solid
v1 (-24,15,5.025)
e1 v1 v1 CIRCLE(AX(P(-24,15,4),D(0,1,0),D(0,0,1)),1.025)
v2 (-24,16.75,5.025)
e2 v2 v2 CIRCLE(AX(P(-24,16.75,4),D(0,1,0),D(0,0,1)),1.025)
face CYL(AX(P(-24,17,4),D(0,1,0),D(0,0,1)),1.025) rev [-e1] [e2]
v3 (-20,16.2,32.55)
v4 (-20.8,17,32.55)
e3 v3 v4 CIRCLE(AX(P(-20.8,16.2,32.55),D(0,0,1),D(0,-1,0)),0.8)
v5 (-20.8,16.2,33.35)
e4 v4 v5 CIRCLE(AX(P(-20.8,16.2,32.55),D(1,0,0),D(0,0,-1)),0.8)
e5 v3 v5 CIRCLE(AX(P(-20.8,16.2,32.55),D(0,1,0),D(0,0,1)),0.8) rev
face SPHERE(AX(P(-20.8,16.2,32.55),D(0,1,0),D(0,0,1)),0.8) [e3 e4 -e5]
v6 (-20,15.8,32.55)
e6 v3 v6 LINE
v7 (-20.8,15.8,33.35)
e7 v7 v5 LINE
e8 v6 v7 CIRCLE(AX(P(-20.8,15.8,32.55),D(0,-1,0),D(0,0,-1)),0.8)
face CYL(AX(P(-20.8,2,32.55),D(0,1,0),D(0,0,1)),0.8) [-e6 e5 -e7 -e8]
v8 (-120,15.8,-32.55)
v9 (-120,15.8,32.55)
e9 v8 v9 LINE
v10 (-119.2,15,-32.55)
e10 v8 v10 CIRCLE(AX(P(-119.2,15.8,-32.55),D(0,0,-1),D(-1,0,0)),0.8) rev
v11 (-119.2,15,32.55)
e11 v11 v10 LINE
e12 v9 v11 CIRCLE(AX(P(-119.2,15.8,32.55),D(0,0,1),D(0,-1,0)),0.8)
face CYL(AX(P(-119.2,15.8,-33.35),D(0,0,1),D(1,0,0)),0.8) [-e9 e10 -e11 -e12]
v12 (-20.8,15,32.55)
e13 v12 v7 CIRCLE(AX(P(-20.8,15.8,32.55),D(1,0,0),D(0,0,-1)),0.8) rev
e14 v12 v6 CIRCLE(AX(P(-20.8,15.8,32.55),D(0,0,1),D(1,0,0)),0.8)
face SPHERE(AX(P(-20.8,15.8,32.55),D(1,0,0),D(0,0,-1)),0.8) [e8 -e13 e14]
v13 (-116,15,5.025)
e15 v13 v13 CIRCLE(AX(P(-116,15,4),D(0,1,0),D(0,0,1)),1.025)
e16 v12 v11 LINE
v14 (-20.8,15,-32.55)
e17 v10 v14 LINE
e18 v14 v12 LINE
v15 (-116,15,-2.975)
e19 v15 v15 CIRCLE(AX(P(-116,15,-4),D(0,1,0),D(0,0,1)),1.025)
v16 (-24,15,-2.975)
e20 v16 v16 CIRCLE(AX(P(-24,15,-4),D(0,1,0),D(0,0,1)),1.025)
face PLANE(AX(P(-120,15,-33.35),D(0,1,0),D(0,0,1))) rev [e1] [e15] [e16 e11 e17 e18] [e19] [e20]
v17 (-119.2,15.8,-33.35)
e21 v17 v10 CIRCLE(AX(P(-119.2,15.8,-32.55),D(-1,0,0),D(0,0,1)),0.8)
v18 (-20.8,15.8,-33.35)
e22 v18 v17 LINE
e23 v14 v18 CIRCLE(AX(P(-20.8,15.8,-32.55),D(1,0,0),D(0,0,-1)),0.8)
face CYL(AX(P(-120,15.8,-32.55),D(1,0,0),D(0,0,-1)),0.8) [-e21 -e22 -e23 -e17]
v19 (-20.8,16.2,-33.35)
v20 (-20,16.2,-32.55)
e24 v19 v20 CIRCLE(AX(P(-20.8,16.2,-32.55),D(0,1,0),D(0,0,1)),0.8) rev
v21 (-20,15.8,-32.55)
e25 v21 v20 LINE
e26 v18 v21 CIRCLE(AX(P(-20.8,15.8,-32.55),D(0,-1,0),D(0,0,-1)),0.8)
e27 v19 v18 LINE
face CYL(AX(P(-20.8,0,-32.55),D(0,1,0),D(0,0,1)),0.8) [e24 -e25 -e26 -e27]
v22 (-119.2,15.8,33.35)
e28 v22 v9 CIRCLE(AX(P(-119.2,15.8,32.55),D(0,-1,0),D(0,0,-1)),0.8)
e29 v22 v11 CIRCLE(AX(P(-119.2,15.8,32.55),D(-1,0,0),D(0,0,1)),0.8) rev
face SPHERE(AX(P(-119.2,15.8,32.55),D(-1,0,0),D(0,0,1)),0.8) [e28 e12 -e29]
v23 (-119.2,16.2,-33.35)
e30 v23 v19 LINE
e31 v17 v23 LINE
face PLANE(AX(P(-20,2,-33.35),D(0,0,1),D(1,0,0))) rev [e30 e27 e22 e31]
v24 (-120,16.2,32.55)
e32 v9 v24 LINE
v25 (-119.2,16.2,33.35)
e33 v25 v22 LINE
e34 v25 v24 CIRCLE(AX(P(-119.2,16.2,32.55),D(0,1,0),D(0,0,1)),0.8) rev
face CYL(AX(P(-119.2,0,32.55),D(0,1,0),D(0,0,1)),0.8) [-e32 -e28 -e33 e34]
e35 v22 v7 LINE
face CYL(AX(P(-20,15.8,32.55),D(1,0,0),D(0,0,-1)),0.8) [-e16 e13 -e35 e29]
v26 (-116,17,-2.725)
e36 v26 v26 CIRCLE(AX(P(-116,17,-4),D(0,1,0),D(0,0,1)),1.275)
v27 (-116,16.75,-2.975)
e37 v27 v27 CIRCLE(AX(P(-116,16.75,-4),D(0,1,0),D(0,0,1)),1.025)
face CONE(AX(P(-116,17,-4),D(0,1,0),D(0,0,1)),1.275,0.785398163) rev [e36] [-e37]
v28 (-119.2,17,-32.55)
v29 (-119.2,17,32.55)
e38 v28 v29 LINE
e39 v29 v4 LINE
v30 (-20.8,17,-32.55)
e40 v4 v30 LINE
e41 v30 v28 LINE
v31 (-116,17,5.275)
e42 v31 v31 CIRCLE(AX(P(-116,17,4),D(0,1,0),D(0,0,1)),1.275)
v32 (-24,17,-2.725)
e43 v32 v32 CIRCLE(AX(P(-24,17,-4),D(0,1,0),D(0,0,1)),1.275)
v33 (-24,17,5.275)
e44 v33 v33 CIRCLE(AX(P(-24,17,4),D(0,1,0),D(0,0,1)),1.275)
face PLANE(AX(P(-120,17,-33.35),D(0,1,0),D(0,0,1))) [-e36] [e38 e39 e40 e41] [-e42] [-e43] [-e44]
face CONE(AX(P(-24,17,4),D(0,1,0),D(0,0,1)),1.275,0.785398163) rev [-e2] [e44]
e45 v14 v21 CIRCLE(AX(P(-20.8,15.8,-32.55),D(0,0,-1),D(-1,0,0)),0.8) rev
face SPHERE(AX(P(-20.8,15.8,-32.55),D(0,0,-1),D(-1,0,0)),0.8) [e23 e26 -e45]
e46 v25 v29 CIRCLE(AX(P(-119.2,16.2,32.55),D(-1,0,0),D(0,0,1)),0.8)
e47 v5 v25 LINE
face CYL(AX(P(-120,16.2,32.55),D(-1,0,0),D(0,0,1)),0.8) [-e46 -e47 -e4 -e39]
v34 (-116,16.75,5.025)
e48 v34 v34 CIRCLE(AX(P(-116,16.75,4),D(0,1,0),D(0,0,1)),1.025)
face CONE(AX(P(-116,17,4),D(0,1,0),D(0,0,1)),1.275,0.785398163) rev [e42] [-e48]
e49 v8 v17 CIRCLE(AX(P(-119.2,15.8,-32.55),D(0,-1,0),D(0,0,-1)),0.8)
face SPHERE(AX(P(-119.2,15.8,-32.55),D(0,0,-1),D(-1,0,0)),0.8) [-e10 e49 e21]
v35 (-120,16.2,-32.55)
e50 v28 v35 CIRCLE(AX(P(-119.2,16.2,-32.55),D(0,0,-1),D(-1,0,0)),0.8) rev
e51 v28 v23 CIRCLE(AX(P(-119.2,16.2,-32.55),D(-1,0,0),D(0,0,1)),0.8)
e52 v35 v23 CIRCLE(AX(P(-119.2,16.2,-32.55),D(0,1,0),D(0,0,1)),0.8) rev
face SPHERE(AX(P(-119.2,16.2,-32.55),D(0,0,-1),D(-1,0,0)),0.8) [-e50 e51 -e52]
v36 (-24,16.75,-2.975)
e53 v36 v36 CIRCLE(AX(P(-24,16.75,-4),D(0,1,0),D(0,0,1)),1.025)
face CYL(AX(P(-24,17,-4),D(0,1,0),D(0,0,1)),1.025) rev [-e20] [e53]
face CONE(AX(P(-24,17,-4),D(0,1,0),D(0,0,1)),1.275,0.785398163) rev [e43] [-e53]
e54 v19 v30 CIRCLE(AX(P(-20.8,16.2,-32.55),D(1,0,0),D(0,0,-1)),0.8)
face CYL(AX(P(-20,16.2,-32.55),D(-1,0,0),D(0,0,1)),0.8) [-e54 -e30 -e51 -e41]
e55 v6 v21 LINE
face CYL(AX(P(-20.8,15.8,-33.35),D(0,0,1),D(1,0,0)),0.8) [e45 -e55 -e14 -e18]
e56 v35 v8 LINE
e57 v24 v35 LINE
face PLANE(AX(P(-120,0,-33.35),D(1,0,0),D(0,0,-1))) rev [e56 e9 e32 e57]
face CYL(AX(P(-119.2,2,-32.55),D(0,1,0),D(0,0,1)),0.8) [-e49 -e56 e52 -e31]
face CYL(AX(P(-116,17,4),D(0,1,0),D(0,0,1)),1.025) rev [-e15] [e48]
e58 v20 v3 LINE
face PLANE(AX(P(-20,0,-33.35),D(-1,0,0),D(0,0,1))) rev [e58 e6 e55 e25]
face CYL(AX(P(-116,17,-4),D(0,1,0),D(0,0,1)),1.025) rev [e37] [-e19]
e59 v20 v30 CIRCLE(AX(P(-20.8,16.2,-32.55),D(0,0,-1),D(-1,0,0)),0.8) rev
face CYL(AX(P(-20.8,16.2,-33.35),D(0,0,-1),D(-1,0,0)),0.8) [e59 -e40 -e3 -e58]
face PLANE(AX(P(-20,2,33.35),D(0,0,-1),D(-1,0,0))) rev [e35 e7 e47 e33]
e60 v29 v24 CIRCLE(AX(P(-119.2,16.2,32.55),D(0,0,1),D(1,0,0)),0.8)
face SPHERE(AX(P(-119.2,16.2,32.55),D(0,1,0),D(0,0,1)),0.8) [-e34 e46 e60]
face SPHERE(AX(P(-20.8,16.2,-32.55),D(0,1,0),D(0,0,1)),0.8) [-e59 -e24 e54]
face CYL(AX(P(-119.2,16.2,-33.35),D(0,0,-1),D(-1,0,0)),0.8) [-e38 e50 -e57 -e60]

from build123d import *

# Parameters (mm, degrees)
SKETCH_1_W                     = 40
SKETCH_1_H                     = 66.7
EXTRUDE_1_DEPTH                = 2
SKETCH_2_W                     = 4
SKETCH_2_H                     = 66.7
EXTRUDE_2_DEPTH                = 100
CUT_EXTRUDE_1_DEPTH            = 115.526077816
CUT_EXTRUDE_1_DEPTH_BACK       = 115.526077816
HOLE_WIZARD_M4_1_D             = 3.3
HOLE_WIZARD_M4_1_CSINK_D       = 4.05
HOLE_WIZARD_M4_1_CSINK_ANGLE   = 90
HOLE_WIZARD_M4_2_AT_2_COUNT    = 2
HOLE_WIZARD_M4_2_AT_2_PITCH    = 68.59294731
HOLE_WIZARD_M4_2_AT_3_COUNT    = 2
HOLE_WIZARD_M4_2_AT_3_PITCH    = 26
HOLE_WIZARD_M4_2_AT_4_COUNT    = 2
HOLE_WIZARD_M4_2_AT_4_PITCH    = 62.376998966
HOLE_WIZARD_M4_2_AT_5_COUNT    = 2
HOLE_WIZARD_M4_2_AT_5_PITCH    = 56.7
SKETCH_11_W                    = 66.7
SKETCH_11_H                    = 2
EXTRUDE_3_DEPTH                = 100
SKETCH_13_W                    = 40
SKETCH_13_H                    = 66.7
EXTRUDE_4_DEPTH                = 2
SKETCH_14_W                    = 4
SKETCH_14_H                    = 66.7
EXTRUDE_5_DEPTH                = 100
CUT_EXTRUDE_2_DEPTH            = 180.589037806
CUT_EXTRUDE_2_DEPTH_BACK       = 180.589037806
HOLE_WIZARD_M4_3_AT_2_COUNT    = 2
HOLE_WIZARD_M4_3_AT_2_PITCH    = 26
HOLE_WIZARD_M4_3_AT_3_COUNT    = 2
HOLE_WIZARD_M4_3_AT_3_PITCH    = 62.376998966
HOLE_WIZARD_M4_3_AT_4_COUNT    = 2
HOLE_WIZARD_M4_3_AT_4_PITCH    = 56.7
CUT_EXTRUDE_3_REACH            = 181.589
SKETCH_18_R                    = 9.5
CUT_EXTRUDE_4_REACH            = 181.589
SKETCH_21_R                    = 11
CUT_EXTRUDE_5_REACH            = 181.589
SKETCH_22_R                    = 4.5
FILLET_1_R                     = 2
CUT_EXTRUDE_6_REACH            = 193.604
SKETCH_23_W                    = 36
SKETCH_23_H                    = 66.7
CUT_EXTRUDE_7_REACH            = 164.752
SKETCH_24_W                    = 36
SKETCH_24_H                    = 66.7
HOLE_WIZARD_M3_1_D             = 2.5
HOLE_WIZARD_M3_1_CSINK_D       = 3.05
HOLE_WIZARD_M3_1_CSINK_ANGLE   = 90
CUT_EXTRUDE_8_DEPTH            = 154.990981879
CUT_EXTRUDE_8_DEPTH_BACK       = 154.990981879
SKETCH_27_W                    = 4
SKETCH_27_H                    = 66.7
HOLE_WIZARD_M2_5_1_D           = 2.05
HOLE_WIZARD_M2_5_1_CSINK_D     = 2.55
HOLE_WIZARD_M2_5_1_CSINK_ANGLE = 90
FILLET_2_R                     = 0.8


with BuildPart() as part:
    # Sketch 1 → Extrude 1 (new body)
    with BuildSketch(Plane(origin=(0, 0, 0), x_dir=(1, 0, 0), z_dir=(0, 1, 0))):
        Rectangle(SKETCH_1_W, SKETCH_1_H)
    extrude(amount=EXTRUDE_1_DEPTH)

    # Sketch 2 → Extrude 2 (add)
    with BuildSketch(Plane(origin=(0, 2, 0), x_dir=(1, 0, 0), z_dir=(0, 1, 0))):
        with Locations((-18, 0)):
            Rectangle(SKETCH_2_W, SKETCH_2_H)
    extrude(amount=EXTRUDE_2_DEPTH)

    # Sketch 5 → Cut-Extrude 1 (cut, two sides: drawn at the far end of the back side and taken through both)
    with BuildSketch(Plane.ZY.offset(20).offset(-CUT_EXTRUDE_1_DEPTH_BACK)):
        with BuildLine():
            ThreePointArc((0, 102), (23.582011153, 92.232011153), (33.35, 68.65))
            Line((33.35, 68.65), (33.35, 102))
            Line((33.35, 102), (0, 102))
        make_face()
        with BuildLine():
            ThreePointArc((-33.35, 68.65), (-23.582011153, 92.232011153), (0, 102))
            Line((0, 102), (-33.35, 102))
            Line((-33.35, 102), (-33.35, 68.65))
        make_face()
    extrude(amount=CUT_EXTRUDE_1_DEPTH + CUT_EXTRUDE_1_DEPTH_BACK, mode=Mode.SUBTRACT)

    # Hole Wizard M4 _1 (through all)
    with Locations(Plane.ZY.offset(20)):
        with Locations((0, 97.65), (25.11473671, 54.15), (-25.11473671, 54.15)):
            CounterSinkHole(HOLE_WIZARD_M4_1_D / 2, HOLE_WIZARD_M4_1_CSINK_D / 2, counter_sink_angle=HOLE_WIZARD_M4_1_CSINK_ANGLE)

    # Sketch 10 → Hole Wizard M4 _2 (revolve, cut)
    with BuildSketch(Plane(origin=(15, 2, -28.35), x_dir=(0, 0, 1), z_dir=(1, 0, 0))):
        Polygon((0, 0), (0, 2), (1.65, 2), (1.65, 0.375), (2.025, 0), align=None)
    hole_wizard_m4_2 = revolve(axis=Axis((15, 8.35, -28.35), (0, -1, 0)), mode=Mode.SUBTRACT)

    # Hole Wizard M4 _2 at 2: Hole Wizard M4 _2 ×2
    with Locations(*[Vector(-0.9508085645250022, 0, 0.3097790722852413) * (i * HOLE_WIZARD_M4_2_AT_2_PITCH) for i in range(1, HOLE_WIZARD_M4_2_AT_2_COUNT)]):
        add(hole_wizard_m4_2, mode=Mode.SUBTRACT)

    # Hole Wizard M4 _2 at 3: Hole Wizard M4 _2 ×2
    with Locations(*[(-i * HOLE_WIZARD_M4_2_AT_3_PITCH, 0, 0) for i in range(1, HOLE_WIZARD_M4_2_AT_3_COUNT)]):
        add(hole_wizard_m4_2, mode=Mode.SUBTRACT)

    # Hole Wizard M4 _2 at 4: Hole Wizard M4 _2 ×2
    with Locations(*[Vector(-0.4168203092647413, 0, 0.9089889052042635) * (i * HOLE_WIZARD_M4_2_AT_4_PITCH) for i in range(1, HOLE_WIZARD_M4_2_AT_4_COUNT)]):
        add(hole_wizard_m4_2, mode=Mode.SUBTRACT)

    # Hole Wizard M4 _2 at 5: Hole Wizard M4 _2 ×2
    with Locations(*[(0, 0, i * HOLE_WIZARD_M4_2_AT_5_PITCH) for i in range(1, HOLE_WIZARD_M4_2_AT_5_COUNT)]):
        add(hole_wizard_m4_2, mode=Mode.SUBTRACT)

    # Sketch 11 → Extrude 3 (add)
    with BuildSketch(Plane.ZY.offset(20)):
        with Locations((0, 16)):
            Rectangle(SKETCH_11_W, SKETCH_11_H)
    extrude(amount=EXTRUDE_3_DEPTH)



with BuildPart() as body_2:
    # Sketch 13 → Extrude 4 (new body)
    with BuildSketch(Plane(origin=(0, 0, 0), x_dir=(1, 0, 0), z_dir=(0, 1, 0))):
        with Locations((-140, 0)):
            Rectangle(SKETCH_13_W, SKETCH_13_H)
    extrude(amount=EXTRUDE_4_DEPTH)


with BuildPart() as part_1:
    add(part.part)

    add(body_2.part)  # Extrude 5 merges body 2
    # Sketch 14 → Extrude 5 (add)
    with BuildSketch(Plane(origin=(0, 2, 0), x_dir=(1, 0, 0), z_dir=(0, 1, 0))):
        with Locations((-122, 0)):
            Rectangle(SKETCH_14_W, SKETCH_14_H)
    extrude(amount=EXTRUDE_5_DEPTH)

    # Sketch 15 → Cut-Extrude 2 (cut, two sides: drawn at the far end of the back side and taken through both)
    with BuildSketch(Plane.ZY.offset(124).offset(-CUT_EXTRUDE_2_DEPTH_BACK)):
        with BuildLine():
            ThreePointArc((0, 102), (23.582011153, 92.232011153), (33.35, 68.65))
            Line((33.35, 68.65), (33.35, 102))
            Line((33.35, 102), (0, 102))
        make_face()
        with BuildLine():
            ThreePointArc((-33.35, 68.65), (-23.582011153, 92.232011153), (0, 102))
            Line((0, 102), (-33.35, 102))
            Line((-33.35, 102), (-33.35, 68.65))
        make_face()
    extrude(amount=CUT_EXTRUDE_2_DEPTH + CUT_EXTRUDE_2_DEPTH_BACK, mode=Mode.SUBTRACT)

    # Sketch 17 → Hole Wizard M4 _3 (revolve, cut)
    with BuildSketch(Plane(origin=(-129, 2, -28.35), x_dir=(0, 0, 1), z_dir=(1, 0, 0))):
        Polygon((0, 0), (0, 2), (1.65, 2), (1.65, 0.375), (2.025, 0), align=None)
    hole_wizard_m4_3 = revolve(axis=Axis((-129, 8.35, -28.35), (0, -1, 0)), mode=Mode.SUBTRACT)

    # Hole Wizard M4 _3 at 2: Hole Wizard M4 _3 ×2
    with Locations(*[(-i * HOLE_WIZARD_M4_3_AT_2_PITCH, 0, 0) for i in range(1, HOLE_WIZARD_M4_3_AT_2_COUNT)]):
        add(hole_wizard_m4_3, mode=Mode.SUBTRACT)

    # Hole Wizard M4 _3 at 3: Hole Wizard M4 _3 ×2
    with Locations(*[Vector(-0.41682030926474106, 0, 0.9089889052042636) * (i * HOLE_WIZARD_M4_3_AT_3_PITCH) for i in range(1, HOLE_WIZARD_M4_3_AT_3_COUNT)]):
        add(hole_wizard_m4_3, mode=Mode.SUBTRACT)

    # Hole Wizard M4 _3 at 4: Hole Wizard M4 _3 ×2
    with Locations(*[(0, 0, i * HOLE_WIZARD_M4_3_AT_4_PITCH) for i in range(1, HOLE_WIZARD_M4_3_AT_4_COUNT)]):
        add(hole_wizard_m4_3, mode=Mode.SUBTRACT)

    # Sketch 18 → Cut-Extrude 3 (cut, up to next)
    with BuildSketch(Plane.ZY.offset(124), mode=Mode.PRIVATE) as cut_extrude_3_sk1:
        with Locations((0, 68.65)):
            Circle(SKETCH_18_R)
    cut_extrude_3_tool1 = extrude(cut_extrude_3_sk1.sketch, amount=-CUT_EXTRUDE_3_REACH, mode=Mode.PRIVATE) & part_1.part
    add(cut_extrude_3_tool1.solids().sort_by_distance((-124, 68.65, 0))[0], mode=Mode.SUBTRACT)

    # Sketch 21 → Cut-Extrude 4 (cut, up to next)
    with BuildSketch(Plane(origin=(-16, 0, 0), x_dir=(0, 0, -1), z_dir=(1, 0, 0)), mode=Mode.PRIVATE) as cut_extrude_4_sk1:
        with Locations((0, 68.65)):
            Circle(SKETCH_21_R)
    cut_extrude_4_tool1 = extrude(cut_extrude_4_sk1.sketch, amount=-CUT_EXTRUDE_4_REACH, mode=Mode.PRIVATE) & part_1.part
    add(cut_extrude_4_tool1.solids().sort_by_distance((-16, 68.65, 0))[0], mode=Mode.SUBTRACT)

    # Sketch 22 → Cut-Extrude 5 (cut, up to next)
    with BuildSketch(Plane(origin=(-16, 0, 0), x_dir=(0, 0, -1), z_dir=(1, 0, 0)), mode=Mode.PRIVATE) as cut_extrude_5_sk1:
        with Locations((16.670989023, 59.025)):
            Circle(SKETCH_22_R)
    cut_extrude_5_tool1 = extrude(cut_extrude_5_sk1.sketch, amount=-CUT_EXTRUDE_5_REACH, mode=Mode.PRIVATE) & part_1.part
    add(cut_extrude_5_tool1.solids().sort_by_distance((-16, 59.025, -16.670989))[0], mode=Mode.SUBTRACT)

    # Fillet 1
    fillet_1_edges = [part_1.edges().sort_by_distance(p)[0] for p in [
        (-160, 1, -33.35),
        (-160, 1, 33.35),
        (20, 1, 33.35),
        (20, 1, -33.35),
    ]]
    fillet(fillet_1_edges, radius=FILLET_1_R)

    # Sketch 23 → Cut-Extrude 6 (cut, up to next)
    with BuildSketch(Plane(origin=(0, 2, 0), x_dir=(1, 0, 0), z_dir=(0, 1, 0)), mode=Mode.PRIVATE) as cut_extrude_6_sk1:
        with Locations((-142, 0)):
            Rectangle(SKETCH_23_W, SKETCH_23_H)
    cut_extrude_6_tool1 = extrude(cut_extrude_6_sk1.sketch, amount=-CUT_EXTRUDE_6_REACH, mode=Mode.PRIVATE) & part_1.part
    add(cut_extrude_6_tool1.solids().sort_by_distance((-142, 2, 0))[0], mode=Mode.SUBTRACT)

    # Sketch 24 → Cut-Extrude 7 (cut, up to next)
    with BuildSketch(Plane(origin=(0, 2, 0), x_dir=(1, 0, 0), z_dir=(0, 1, 0)), mode=Mode.PRIVATE) as cut_extrude_7_sk1:
        with Locations((2, 0)):
            Rectangle(SKETCH_24_W, SKETCH_24_H)
    cut_extrude_7_tool1 = extrude(cut_extrude_7_sk1.sketch, amount=-CUT_EXTRUDE_7_REACH, mode=Mode.PRIVATE) & part_1.part
    add(cut_extrude_7_tool1.solids().sort_by_distance((2, 2, 0))[0], mode=Mode.SUBTRACT)

    # Hole Wizard M3 _1 (through all)
    with Locations(Plane(origin=(-16, 0, 0), x_dir=(0, 0, -1), z_dir=(1, 0, 0))):
        with Locations((9, 6), (-9, 6)):
            CounterSinkHole(HOLE_WIZARD_M3_1_D / 2, HOLE_WIZARD_M3_1_CSINK_D / 2, counter_sink_angle=HOLE_WIZARD_M3_1_CSINK_ANGLE)

    # Sketch 27 → Cut-Extrude 8 (cut, two sides: drawn at the far end of the back side and taken through both)
    with BuildSketch(Plane(origin=(0, 17, 0), x_dir=(1, 0, 0), z_dir=(0, 1, 0)).offset(-CUT_EXTRUDE_8_DEPTH_BACK)):
        with Locations((-122, 0)):
            Rectangle(SKETCH_27_W, SKETCH_27_H)
        with Locations((-18, 0)):
            Rectangle(SKETCH_27_W, SKETCH_27_H)
    extrude(amount=CUT_EXTRUDE_8_DEPTH + CUT_EXTRUDE_8_DEPTH_BACK, mode=Mode.SUBTRACT)

    # Hole Wizard M2.5 _1 (through all)
    with Locations(Plane(origin=(0, 17, 0), x_dir=(1, 0, 0), z_dir=(0, 1, 0))):
        with Locations((-116, 4), (-116, -4), (-24, 4), (-24, -4)):
            CounterSinkHole(HOLE_WIZARD_M2_5_1_D / 2, HOLE_WIZARD_M2_5_1_CSINK_D / 2, counter_sink_angle=HOLE_WIZARD_M2_5_1_CSINK_ANGLE)

    # Fillet 2
    fillet_2_edges = [part_1.edges().sort_by_distance(p)[0] for p in [
        (-70, 17, -33.35),
        (-20, 15, 0),
        (-70, 15, -33.35),
        (-70, 15, 33.35),
        (-120, 17, 0),
        (-70, 17, 33.35),
        (-120, 15, 0),
        (-20, 17, 0),
        (-120, 16, -33.35),
        (-120, 16, 33.35),
        (-20, 16, -33.35),
        (-20, 16, 33.35),
    ]]
    fillet(fillet_2_edges, radius=FILLET_2_R)


solid = part_1.part
